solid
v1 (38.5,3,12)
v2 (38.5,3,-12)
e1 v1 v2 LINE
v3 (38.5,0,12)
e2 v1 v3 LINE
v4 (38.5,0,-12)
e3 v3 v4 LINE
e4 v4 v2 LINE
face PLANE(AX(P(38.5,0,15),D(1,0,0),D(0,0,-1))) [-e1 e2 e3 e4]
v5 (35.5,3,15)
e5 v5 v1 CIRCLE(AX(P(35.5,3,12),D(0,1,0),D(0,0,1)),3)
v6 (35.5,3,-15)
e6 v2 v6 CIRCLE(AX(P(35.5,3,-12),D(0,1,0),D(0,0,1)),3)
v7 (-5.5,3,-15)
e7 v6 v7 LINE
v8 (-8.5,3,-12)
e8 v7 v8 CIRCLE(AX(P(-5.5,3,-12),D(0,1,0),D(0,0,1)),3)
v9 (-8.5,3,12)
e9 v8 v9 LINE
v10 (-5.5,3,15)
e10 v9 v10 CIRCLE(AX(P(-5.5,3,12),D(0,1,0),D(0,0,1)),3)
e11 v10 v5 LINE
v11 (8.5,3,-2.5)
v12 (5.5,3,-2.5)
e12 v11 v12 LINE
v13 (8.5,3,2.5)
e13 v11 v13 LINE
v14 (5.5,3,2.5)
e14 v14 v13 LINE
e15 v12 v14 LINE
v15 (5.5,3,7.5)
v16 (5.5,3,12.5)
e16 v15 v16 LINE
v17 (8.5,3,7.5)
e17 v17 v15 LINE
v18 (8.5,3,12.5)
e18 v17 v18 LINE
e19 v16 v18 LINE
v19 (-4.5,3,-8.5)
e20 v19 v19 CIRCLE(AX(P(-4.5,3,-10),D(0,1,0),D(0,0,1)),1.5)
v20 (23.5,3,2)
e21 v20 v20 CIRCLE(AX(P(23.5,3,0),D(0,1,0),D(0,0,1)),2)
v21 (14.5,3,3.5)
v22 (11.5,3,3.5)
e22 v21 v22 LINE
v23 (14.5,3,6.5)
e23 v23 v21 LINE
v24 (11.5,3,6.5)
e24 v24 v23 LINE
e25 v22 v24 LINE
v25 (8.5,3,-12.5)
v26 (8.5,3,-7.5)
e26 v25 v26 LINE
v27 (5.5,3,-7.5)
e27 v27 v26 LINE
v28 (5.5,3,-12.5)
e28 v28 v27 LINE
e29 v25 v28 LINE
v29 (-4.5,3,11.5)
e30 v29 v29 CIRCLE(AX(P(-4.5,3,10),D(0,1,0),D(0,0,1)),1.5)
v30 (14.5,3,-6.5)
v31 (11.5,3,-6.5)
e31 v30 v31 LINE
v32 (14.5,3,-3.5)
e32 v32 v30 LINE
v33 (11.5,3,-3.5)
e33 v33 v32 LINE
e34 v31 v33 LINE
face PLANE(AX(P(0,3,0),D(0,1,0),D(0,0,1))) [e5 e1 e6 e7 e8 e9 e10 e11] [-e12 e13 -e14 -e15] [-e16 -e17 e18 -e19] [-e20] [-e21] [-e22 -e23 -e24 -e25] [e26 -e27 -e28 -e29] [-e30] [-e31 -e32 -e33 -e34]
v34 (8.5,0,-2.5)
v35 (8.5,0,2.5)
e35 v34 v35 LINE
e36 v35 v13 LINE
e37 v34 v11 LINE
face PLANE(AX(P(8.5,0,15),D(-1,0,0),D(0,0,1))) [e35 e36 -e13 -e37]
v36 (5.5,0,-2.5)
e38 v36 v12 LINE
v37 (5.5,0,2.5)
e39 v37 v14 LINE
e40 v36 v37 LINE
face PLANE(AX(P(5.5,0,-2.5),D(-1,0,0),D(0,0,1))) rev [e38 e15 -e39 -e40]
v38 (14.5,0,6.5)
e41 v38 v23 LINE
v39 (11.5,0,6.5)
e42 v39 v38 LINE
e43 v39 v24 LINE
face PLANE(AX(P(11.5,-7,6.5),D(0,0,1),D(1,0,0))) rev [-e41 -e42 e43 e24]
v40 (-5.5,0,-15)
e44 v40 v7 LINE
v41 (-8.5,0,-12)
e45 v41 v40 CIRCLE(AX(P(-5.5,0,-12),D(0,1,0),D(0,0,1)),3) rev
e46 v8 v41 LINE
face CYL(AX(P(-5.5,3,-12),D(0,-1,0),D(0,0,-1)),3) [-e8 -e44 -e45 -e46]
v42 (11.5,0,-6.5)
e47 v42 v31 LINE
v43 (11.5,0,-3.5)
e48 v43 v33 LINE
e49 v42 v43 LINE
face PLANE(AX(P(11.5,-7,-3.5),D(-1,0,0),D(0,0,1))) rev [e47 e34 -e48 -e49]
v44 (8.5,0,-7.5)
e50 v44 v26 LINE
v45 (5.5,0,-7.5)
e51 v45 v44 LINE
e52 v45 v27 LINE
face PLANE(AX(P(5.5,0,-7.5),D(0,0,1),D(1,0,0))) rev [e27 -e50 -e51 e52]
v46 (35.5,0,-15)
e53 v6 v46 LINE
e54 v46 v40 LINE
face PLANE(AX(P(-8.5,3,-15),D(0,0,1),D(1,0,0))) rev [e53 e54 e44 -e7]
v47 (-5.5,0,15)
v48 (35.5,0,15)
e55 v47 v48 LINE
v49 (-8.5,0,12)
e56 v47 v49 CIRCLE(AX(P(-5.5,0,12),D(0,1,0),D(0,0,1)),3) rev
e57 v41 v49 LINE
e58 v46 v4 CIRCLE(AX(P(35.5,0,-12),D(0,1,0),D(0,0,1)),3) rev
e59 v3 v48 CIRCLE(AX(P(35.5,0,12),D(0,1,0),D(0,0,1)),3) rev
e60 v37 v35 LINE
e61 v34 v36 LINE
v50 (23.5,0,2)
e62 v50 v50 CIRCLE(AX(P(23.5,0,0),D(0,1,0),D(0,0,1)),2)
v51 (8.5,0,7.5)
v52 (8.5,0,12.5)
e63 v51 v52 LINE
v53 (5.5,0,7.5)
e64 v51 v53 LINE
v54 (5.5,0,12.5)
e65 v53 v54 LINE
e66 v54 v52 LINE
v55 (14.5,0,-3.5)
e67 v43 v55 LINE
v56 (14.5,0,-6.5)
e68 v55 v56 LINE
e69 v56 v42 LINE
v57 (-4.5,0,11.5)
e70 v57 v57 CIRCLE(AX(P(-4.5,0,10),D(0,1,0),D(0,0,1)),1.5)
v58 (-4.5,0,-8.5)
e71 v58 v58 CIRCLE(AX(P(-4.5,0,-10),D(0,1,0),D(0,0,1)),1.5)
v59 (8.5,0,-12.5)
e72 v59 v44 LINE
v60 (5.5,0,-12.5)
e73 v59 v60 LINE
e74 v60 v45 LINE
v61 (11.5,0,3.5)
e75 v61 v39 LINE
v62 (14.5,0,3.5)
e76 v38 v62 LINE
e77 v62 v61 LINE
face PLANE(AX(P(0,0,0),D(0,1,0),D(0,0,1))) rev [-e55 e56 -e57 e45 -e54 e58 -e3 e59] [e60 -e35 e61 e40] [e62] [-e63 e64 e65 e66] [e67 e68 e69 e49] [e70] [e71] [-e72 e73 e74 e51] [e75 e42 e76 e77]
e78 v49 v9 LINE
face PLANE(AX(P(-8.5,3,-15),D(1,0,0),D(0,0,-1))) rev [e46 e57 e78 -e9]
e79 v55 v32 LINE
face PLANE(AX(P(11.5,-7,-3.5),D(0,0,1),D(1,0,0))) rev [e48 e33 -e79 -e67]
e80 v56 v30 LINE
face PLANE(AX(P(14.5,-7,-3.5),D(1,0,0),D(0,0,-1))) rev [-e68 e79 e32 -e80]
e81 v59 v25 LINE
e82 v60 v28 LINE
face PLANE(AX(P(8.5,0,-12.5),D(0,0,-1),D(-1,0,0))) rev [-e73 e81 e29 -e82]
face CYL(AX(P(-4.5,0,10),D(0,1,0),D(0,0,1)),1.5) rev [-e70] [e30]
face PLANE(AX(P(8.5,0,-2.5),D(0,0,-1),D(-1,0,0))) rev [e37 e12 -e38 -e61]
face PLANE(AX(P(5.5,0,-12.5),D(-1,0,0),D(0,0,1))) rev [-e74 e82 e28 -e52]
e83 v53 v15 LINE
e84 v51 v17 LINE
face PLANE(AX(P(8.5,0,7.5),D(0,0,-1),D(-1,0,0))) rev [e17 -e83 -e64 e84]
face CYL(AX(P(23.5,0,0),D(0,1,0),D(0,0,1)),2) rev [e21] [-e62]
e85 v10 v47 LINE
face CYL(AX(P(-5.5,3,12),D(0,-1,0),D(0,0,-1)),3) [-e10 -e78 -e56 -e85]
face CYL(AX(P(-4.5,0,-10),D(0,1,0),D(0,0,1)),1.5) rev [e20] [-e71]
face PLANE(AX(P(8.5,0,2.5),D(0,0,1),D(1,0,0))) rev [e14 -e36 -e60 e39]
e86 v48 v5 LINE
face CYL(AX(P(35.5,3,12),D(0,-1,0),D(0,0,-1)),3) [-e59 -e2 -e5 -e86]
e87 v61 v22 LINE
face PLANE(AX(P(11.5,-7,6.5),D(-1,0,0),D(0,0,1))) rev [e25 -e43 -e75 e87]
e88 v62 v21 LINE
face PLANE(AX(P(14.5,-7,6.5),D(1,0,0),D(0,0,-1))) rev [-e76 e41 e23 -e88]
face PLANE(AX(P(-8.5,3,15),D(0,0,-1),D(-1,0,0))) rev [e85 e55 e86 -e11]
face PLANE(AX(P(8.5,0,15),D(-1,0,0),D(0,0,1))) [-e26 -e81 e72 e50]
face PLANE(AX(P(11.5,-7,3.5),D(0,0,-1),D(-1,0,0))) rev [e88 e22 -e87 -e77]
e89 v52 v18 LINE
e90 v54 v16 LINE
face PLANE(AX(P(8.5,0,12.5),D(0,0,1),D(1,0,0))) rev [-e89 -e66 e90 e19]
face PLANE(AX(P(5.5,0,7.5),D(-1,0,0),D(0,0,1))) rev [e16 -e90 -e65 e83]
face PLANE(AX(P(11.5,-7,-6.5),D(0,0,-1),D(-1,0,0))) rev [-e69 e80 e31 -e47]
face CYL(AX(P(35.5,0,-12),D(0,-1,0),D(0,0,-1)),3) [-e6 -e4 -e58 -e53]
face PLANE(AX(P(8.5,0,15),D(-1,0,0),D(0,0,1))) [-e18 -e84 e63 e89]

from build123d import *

# Parameters (mm, degrees)
SKETCH1_W           = 17
SKETCH1_H           = 30
BOSS_EXTRUDE1_DEPTH = 3
SKETCH2_W           = 3
SKETCH2_H           = 5
CUT_EXTRUDE1_DEPTH  = 3
SKETCH3_R           = 1.5
CUT_EXTRUDE2_DEPTH  = 3
FILLET1_R           = 3
SKETCH4_W           = 30
SKETCH4_H           = 30
BOSS_EXTRUDE2_DEPTH = 3
FILLET2_R           = 3
SKETCH5_R           = 2
CUT_EXTRUDE3_DEPTH  = 3
SKETCH6_W           = 3
SKETCH6_H           = 3
CUT_EXTRUDE4_DEPTH  = 10


with BuildPart() as part:
    # Sketch1 → Boss-Extrude1 (new body)
    with BuildSketch(Plane(origin=(0, 0, 0), x_dir=(1, 0, 0), z_dir=(0, 1, 0))):
        Rectangle(SKETCH1_W, SKETCH1_H)
    extrude(amount=BOSS_EXTRUDE1_DEPTH)

    # Sketch2 → Cut-Extrude1 (cut)
    with BuildSketch(Plane(origin=(0, 3, 0), x_dir=(1, 0, 0), z_dir=(0, 1, 0))):
        with Locations((7, 10)):
            Rectangle(SKETCH2_W, SKETCH2_H)
        with Locations((7, 0)):
            Rectangle(SKETCH2_W, SKETCH2_H)
        with Locations((7, -10)):
            Rectangle(SKETCH2_W, SKETCH2_H)
    extrude(amount=-CUT_EXTRUDE1_DEPTH, mode=Mode.SUBTRACT)

    # Sketch3 → Cut-Extrude2 (cut)
    with BuildSketch(Plane(origin=(0, 3, 0), x_dir=(1, 0, 0), z_dir=(0, 1, 0))):
        with Locations(Location((-4.5, 10, 0), (0, 0, 270))):
            Circle(SKETCH3_R)
        with Locations(Location((-4.5, -10, 0), (0, 0, 270))):
            Circle(SKETCH3_R)
    extrude(amount=-CUT_EXTRUDE2_DEPTH, mode=Mode.SUBTRACT)

    # Fillet1
    fillet1_edges = [part.edges().sort_by_distance(p)[0] for p in [
        (-8.5, 1.5, 15),
        (-8.5, 1.5, -15),
    ]]
    fillet(fillet1_edges, radius=FILLET1_R)

    # Sketch4 → Boss-Extrude2 (add)
    with BuildSketch(Plane(origin=(0, 3, 0), x_dir=(1, 0, 0), z_dir=(0, 1, 0))):
        with Locations((23.5, 0)):
            Rectangle(SKETCH4_W, SKETCH4_H)
    extrude(amount=-BOSS_EXTRUDE2_DEPTH)

    # Fillet2
    fillet2_edges = [part.edges().sort_by_distance(p)[0] for p in [
        (38.5, 1.5, 15),
        (38.5, 1.5, -15),
    ]]
    fillet(fillet2_edges, radius=FILLET2_R)

    # Sketch5 → Cut-Extrude3 (cut)
    with BuildSketch(Plane(origin=(0, 3, 0), x_dir=(1, 0, 0), z_dir=(0, 1, 0))):
        with Locations(Location((23.5, 0, 0), (0, 0, 270))):
            Circle(SKETCH5_R)
    extrude(amount=-CUT_EXTRUDE3_DEPTH, mode=Mode.SUBTRACT)

    # Sketch6 → Cut-Extrude4 (cut)
    with BuildSketch(Plane(origin=(0, 3, 0), x_dir=(1, 0, 0), z_dir=(0, 1, 0))):
        with Locations((13, 5)):
            Rectangle(SKETCH6_W, SKETCH6_H)
        with Locations((13, -5)):
            Rectangle(SKETCH6_W, SKETCH6_H)
    extrude(amount=-CUT_EXTRUDE4_DEPTH, mode=Mode.SUBTRACT)


solid = part.part
